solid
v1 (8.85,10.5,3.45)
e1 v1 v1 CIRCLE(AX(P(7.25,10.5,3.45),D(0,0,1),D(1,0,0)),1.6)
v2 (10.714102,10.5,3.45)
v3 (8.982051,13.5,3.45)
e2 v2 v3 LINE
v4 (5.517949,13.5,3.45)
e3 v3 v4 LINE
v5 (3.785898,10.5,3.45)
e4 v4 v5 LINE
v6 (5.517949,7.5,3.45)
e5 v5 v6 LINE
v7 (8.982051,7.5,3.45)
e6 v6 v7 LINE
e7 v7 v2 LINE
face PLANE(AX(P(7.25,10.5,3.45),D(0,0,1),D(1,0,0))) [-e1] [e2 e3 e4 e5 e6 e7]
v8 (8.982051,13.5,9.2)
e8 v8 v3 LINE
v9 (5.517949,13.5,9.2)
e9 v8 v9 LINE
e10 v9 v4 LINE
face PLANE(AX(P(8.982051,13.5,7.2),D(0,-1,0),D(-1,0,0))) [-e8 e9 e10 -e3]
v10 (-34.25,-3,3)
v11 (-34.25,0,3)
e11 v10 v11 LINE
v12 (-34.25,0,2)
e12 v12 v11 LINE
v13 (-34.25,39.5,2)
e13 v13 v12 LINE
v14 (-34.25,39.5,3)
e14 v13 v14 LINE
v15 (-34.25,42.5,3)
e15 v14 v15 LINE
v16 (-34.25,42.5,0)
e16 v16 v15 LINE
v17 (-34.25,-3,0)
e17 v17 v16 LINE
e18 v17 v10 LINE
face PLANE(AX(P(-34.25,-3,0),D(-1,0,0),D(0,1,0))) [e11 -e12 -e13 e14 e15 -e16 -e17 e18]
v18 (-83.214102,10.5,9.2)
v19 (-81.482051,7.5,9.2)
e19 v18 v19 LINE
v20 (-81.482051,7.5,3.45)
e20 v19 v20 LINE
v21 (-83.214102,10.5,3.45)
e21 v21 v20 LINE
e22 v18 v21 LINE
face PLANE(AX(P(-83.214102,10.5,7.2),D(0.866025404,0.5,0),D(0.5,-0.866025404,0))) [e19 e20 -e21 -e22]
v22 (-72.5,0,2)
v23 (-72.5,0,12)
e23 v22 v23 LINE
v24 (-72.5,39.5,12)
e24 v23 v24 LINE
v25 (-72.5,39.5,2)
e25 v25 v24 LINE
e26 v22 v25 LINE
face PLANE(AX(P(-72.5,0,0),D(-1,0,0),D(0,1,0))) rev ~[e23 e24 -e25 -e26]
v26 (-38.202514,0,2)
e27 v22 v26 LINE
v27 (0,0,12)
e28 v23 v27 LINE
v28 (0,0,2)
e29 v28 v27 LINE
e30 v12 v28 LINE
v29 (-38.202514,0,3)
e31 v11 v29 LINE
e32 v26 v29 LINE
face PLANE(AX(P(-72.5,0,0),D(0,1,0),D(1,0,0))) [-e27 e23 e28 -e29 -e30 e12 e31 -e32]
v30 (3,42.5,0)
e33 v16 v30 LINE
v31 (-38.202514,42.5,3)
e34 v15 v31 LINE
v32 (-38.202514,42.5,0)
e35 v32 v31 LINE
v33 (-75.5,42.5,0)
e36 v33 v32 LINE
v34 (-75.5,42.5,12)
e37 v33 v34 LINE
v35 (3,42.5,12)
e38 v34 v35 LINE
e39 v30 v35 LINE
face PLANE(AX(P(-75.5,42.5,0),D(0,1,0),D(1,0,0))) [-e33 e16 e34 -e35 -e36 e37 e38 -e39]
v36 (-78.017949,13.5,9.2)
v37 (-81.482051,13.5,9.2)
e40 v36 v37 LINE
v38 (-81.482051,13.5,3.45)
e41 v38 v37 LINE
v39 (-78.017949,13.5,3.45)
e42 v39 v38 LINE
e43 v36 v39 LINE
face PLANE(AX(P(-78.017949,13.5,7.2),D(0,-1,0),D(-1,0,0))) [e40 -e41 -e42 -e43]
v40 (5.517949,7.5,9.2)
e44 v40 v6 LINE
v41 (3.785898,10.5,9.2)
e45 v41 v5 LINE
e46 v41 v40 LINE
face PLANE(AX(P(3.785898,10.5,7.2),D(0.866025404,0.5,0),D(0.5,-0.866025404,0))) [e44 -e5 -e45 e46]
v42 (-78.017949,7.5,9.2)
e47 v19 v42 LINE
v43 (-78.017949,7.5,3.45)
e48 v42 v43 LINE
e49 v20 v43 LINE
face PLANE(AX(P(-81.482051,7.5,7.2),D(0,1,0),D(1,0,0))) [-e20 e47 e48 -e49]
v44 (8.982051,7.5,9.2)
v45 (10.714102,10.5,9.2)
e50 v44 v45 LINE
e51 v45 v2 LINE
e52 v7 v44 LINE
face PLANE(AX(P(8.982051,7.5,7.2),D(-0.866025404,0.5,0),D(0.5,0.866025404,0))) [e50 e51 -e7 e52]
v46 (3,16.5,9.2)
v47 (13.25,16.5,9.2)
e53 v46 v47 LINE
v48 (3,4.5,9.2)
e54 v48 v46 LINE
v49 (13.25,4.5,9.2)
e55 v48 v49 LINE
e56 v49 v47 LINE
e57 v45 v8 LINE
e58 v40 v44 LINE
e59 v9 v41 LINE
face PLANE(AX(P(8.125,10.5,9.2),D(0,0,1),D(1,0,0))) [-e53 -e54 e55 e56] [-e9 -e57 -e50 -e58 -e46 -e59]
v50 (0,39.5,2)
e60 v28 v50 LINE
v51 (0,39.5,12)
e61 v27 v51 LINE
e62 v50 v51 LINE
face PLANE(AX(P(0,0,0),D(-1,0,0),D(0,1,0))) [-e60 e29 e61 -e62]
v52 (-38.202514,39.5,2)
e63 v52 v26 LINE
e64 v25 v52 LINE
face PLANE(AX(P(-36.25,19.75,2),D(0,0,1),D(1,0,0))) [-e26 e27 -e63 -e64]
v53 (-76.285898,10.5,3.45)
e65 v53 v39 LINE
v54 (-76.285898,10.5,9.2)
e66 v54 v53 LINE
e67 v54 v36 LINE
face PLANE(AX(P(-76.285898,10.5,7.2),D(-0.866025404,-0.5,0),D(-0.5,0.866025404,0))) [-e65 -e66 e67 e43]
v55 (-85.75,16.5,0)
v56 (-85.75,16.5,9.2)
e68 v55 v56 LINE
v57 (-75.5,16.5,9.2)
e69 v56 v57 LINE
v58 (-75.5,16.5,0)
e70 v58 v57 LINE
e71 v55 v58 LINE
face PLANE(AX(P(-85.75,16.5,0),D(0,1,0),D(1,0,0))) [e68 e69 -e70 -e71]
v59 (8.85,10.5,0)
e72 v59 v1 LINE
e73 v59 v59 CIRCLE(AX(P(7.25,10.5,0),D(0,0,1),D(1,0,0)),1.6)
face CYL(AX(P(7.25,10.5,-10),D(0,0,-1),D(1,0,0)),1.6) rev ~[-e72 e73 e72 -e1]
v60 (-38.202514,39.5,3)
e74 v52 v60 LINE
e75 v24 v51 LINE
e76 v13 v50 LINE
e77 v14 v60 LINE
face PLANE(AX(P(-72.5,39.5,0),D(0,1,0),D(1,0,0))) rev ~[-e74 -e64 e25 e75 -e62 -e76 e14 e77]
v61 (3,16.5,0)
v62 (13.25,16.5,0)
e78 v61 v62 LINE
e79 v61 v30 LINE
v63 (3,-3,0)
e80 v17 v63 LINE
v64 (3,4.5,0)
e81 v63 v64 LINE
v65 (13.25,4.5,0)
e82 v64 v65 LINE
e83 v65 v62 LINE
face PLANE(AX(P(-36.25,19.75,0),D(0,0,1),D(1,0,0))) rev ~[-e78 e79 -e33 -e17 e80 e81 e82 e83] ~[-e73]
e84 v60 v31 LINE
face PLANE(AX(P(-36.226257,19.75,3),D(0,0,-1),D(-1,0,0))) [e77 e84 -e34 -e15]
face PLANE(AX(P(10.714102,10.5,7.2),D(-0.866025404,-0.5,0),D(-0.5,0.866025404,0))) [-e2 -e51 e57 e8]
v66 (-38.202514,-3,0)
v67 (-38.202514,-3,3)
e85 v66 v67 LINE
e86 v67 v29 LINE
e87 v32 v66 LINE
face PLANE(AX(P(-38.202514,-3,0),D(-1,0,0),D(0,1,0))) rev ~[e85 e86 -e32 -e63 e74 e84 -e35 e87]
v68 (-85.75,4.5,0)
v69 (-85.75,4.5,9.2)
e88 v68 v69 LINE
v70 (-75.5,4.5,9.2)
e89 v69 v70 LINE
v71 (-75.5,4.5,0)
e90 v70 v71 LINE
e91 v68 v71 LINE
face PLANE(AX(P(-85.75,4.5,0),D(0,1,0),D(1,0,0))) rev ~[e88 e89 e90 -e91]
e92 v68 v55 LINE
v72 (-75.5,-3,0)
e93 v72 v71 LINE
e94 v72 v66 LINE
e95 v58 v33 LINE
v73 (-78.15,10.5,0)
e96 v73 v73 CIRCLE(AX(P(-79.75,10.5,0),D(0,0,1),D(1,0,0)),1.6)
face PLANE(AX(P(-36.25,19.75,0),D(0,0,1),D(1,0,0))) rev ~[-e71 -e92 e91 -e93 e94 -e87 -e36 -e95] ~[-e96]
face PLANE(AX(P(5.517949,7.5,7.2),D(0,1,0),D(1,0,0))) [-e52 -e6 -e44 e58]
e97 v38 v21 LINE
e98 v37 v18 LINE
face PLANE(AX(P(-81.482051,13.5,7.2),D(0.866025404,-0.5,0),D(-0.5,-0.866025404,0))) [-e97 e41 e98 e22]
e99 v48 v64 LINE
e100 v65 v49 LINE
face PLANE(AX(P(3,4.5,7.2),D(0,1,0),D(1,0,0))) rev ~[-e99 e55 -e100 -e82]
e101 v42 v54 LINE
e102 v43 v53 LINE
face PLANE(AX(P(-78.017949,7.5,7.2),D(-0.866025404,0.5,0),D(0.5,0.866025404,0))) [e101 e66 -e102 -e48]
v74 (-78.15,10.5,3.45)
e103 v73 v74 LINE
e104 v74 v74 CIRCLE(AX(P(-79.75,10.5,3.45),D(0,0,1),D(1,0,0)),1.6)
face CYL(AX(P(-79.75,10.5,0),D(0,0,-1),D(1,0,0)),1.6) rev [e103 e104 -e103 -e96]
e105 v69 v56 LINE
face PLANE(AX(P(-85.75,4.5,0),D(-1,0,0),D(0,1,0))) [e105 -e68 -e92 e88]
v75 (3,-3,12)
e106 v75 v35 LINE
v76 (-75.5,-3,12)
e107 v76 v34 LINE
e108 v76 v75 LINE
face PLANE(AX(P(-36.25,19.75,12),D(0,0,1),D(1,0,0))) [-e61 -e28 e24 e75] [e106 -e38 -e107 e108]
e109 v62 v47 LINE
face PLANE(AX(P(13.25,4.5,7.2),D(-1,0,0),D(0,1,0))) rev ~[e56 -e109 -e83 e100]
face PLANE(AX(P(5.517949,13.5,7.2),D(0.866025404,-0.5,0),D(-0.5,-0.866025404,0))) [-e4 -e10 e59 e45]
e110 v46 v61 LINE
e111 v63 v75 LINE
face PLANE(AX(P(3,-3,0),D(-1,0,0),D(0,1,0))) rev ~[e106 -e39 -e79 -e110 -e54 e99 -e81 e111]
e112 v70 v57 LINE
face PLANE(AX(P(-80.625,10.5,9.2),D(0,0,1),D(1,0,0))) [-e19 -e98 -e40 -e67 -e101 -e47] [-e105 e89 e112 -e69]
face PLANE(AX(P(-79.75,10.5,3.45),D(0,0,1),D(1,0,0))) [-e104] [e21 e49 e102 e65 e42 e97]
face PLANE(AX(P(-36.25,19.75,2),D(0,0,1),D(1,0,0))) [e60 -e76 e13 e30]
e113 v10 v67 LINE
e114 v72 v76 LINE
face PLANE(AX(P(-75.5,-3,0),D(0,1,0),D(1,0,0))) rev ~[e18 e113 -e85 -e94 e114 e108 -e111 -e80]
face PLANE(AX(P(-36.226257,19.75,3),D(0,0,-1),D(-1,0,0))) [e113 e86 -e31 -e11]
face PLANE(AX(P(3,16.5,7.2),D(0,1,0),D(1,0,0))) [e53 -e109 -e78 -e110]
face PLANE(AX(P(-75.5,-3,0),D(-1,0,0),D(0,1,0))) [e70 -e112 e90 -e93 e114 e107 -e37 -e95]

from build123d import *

# Parameters (mm, degrees)
ESBO_O1_W                 = 72.5
ESBO_O1_H                 = 39.5
RESSALTO_EXTRUS_O1_DEPTH  = 2
ESBO_O1_3_W               = 78.5
ESBO_O1_3_H               = 45.5
ESBO_O1_3_W_2             = 72.5
ESBO_O1_3_H_2             = 39.5
RESSALTO_EXTRUS_O2_DEPTH  = 12
ESBO_O1_4_W               = 10.25
ESBO_O1_4_H               = 12
ESBO_O1_4_R               = 1.6
RESSALTO_EXTRUS_O3_DEPTH  = 6
ESBO_O3_W                 = 9.7
ESBO_O3_H                 = 3.2
RESSALTO_EXTRUS_O4_DEPTH  = 3.5
ESBO_O5_W                 = 3.952514159
ESBO_O5_H                 = 45.5
CORTE_EXTRUS_O4_DEPTH     = 3
RESSALTO_EXTRUS_O5_DEPTH  = 9.7
RESSALTO_EXTRUS_O6_DEPTH  = 9.7
ESBO_O9_W                 = 79.78598512
ESBO_O9_H                 = 21.194293461
CORTE_EXTRUS_O5_DEPTH     = 10
ESBO_O11_W                = 10.25
ESBO_O11_H                = 12
RESSALTO_EXTRUS_O8_DEPTH  = 1.2
ESBO_O12_R                = 1.6
CORTE_EXTRUS_O6_DEPTH     = 99.200369144
CORTE_EXTRUS_O7_START     = -3.75
ESBO_O13_R                = 1.6
CORTE_EXTRUS_O7_DEPTH     = 3.75
ESBO_O14_W                = 10.25
ESBO_O14_H                = 12
RESSALTO_EXTRUS_O10_DEPTH = 2


with BuildPart() as part:
    # Esboço1 → Ressalto-extrusão1 (new body)
    with BuildSketch(Plane.XY):
        with Locations((-36.25, 19.75)):
            Rectangle(ESBO_O1_W, ESBO_O1_H)
    extrude(amount=RESSALTO_EXTRUS_O1_DEPTH)

    # Esboço1<3> → Ressalto-extrusão2 (add)
    with BuildSketch(Plane.XY):
        with Locations((-36.25, 19.75)):
            Rectangle(ESBO_O1_3_W, ESBO_O1_3_H)
        with Locations((-36.25, 19.75)):
            Rectangle(ESBO_O1_3_W_2, ESBO_O1_3_H_2, mode=Mode.SUBTRACT)
    extrude(amount=RESSALTO_EXTRUS_O2_DEPTH)

    # Esboço1<4> → Ressalto-extrusão3 (add)
    # profile 1 of 2: a face of its own
    with BuildSketch(Plane.XY):
        with Locations((-80.625, 10.5)):
            Rectangle(ESBO_O1_4_W, ESBO_O1_4_H)
        with Locations((-79.75, 10.5)):
            Circle(ESBO_O1_4_R, mode=Mode.SUBTRACT)
    # profile 2 of 2: a face of its own
    with BuildSketch(Plane.XY):
        with Locations((8.125, 10.5)):
            Rectangle(ESBO_O1_4_W, ESBO_O1_4_H)
        with Locations((7.25, 10.5)):
            Circle(ESBO_O1_4_R, mode=Mode.SUBTRACT)
    extrude(amount=RESSALTO_EXTRUS_O3_DEPTH)

    # Esboço3 → Ressalto-extrusão4 (add)
    with BuildSketch(Plane(origin=(0, 0, 0), x_dir=(-1, 0, 0), z_dir=(0, 0, -1))):
        with Locations((63.4, 24.1)):
            Rectangle(ESBO_O3_W, ESBO_O3_H)
        with Locations((9.1, 24.1)):
            Rectangle(ESBO_O3_W, ESBO_O3_H)
    extrude(amount=RESSALTO_EXTRUS_O4_DEPTH)

    # Esboço5 → Corte-extrusão4 (cut)
    with BuildSketch(Plane(origin=(0, 0, 0), x_dir=(-1, 0, 0), z_dir=(0, 0, -1))):
        with Locations((36.22625708, 19.75)):
            Rectangle(ESBO_O5_W, ESBO_O5_H)
    extrude(amount=-CORTE_EXTRUS_O4_DEPTH, mode=Mode.SUBTRACT)

    # Esboço7 → Ressalto-extrusão5 (add)
    with BuildSketch(Plane(origin=(-58.55, 0, 0), x_dir=(0, 0, -1), z_dir=(1, 0, 0))):
        Polygon((3.5, 25.7), (3.5, 26.2), (4.5, 25.7), (3.5, 22.5), align=None)
    extrude(amount=-RESSALTO_EXTRUS_O5_DEPTH)

    # Esboço8 → Ressalto-extrusão6 (add)
    with BuildSketch(Plane(origin=(-4.25, 0, 0), x_dir=(0, 0, -1), z_dir=(1, 0, 0))):
        Polygon((3.5, 25.7), (3.5, 26.2), (4.5, 25.7), (3.5, 22.5), align=None)
    extrude(amount=-RESSALTO_EXTRUS_O6_DEPTH)

    # Esboço9 → Corte-extrusão5 (cut)
    with BuildSketch(Plane(origin=(0, 0, -10), x_dir=(-1, 0, 0), z_dir=(0, 0, -1))):
        with Locations((37.346022271, 20.867499613)):
            Rectangle(ESBO_O9_W, ESBO_O9_H)
    extrude(amount=-CORTE_EXTRUS_O5_DEPTH, mode=Mode.SUBTRACT)

    # Esboço11 → Ressalto-extrusão8 (add)
    with BuildSketch(Plane.XY.offset(6)):
        with Locations((8.125, 10.5)):
            Rectangle(ESBO_O11_W, ESBO_O11_H)
        with Locations((-80.625, 10.5)):
            Rectangle(ESBO_O11_W, ESBO_O11_H)
    extrude(amount=RESSALTO_EXTRUS_O8_DEPTH)

    # Esboço12 → Corte-extrusão6 (cut, through all)
    with BuildSketch(Plane(origin=(0, 0, -10), x_dir=(-1, 0, 0), z_dir=(0, 0, -1))):
        with Locations(Location((-7.25, 10.5, 0), (0, 0, 180))):
            Circle(ESBO_O12_R)
        with Locations(Location((79.75, 10.5, 0), (0, 0, 180))):
            Circle(ESBO_O12_R)
    extrude(amount=-CORTE_EXTRUS_O6_DEPTH, mode=Mode.SUBTRACT)

    # Esboço13 → Corte-extrusão7 (cut)
    # profile 1 of 2: a face of its own
    with BuildSketch(Plane.XY.offset(7.2).offset(CORTE_EXTRUS_O7_START)):
        Polygon((-83.214101615, 10.5), (-81.482050808, 7.5), (-78.017949192, 7.5), (-76.285898385, 10.5), (-78.017949192, 13.5), (-81.482050808, 13.5), align=None)
        with Locations((-79.75, 10.5)):
            Circle(ESBO_O13_R, mode=Mode.SUBTRACT)
    # profile 2 of 2: a face of its own
    with BuildSketch(Plane.XY.offset(7.2).offset(CORTE_EXTRUS_O7_START)):
        Polygon((10.714101615, 10.5), (8.982050808, 13.5), (5.517949192, 13.5), (3.785898385, 10.5), (5.517949192, 7.5), (8.982050808, 7.5), align=None)
        with Locations((7.25, 10.5)):
            Circle(ESBO_O13_R, mode=Mode.SUBTRACT)
    extrude(amount=CORTE_EXTRUS_O7_DEPTH, mode=Mode.SUBTRACT)

    # Esboço14 → Ressalto-extrusão10 (add)
    # profile 1 of 2: a face of its own
    with BuildSketch(Plane.XY.offset(7.2)):
        with Locations((8.125, 10.5)):
            Rectangle(ESBO_O14_W, ESBO_O14_H)
        Polygon((8.982050808, 7.5), (10.714101615, 10.5), (8.982050808, 13.5), (5.517949192, 13.5), (3.785898385, 10.5), (5.517949192, 7.5), align=None, mode=Mode.SUBTRACT)
    # profile 2 of 2: a face of its own
    with BuildSketch(Plane.XY.offset(7.2)):
        with Locations((-80.625, 10.5)):
            Rectangle(ESBO_O14_W, ESBO_O14_H)
        Polygon((-81.482050808, 13.5), (-83.214101615, 10.5), (-81.482050808, 7.5), (-78.017949192, 7.5), (-76.285898385, 10.5), (-78.017949192, 13.5), align=None, mode=Mode.SUBTRACT)
    extrude(amount=RESSALTO_EXTRUS_O10_DEPTH)


solid = part.part
